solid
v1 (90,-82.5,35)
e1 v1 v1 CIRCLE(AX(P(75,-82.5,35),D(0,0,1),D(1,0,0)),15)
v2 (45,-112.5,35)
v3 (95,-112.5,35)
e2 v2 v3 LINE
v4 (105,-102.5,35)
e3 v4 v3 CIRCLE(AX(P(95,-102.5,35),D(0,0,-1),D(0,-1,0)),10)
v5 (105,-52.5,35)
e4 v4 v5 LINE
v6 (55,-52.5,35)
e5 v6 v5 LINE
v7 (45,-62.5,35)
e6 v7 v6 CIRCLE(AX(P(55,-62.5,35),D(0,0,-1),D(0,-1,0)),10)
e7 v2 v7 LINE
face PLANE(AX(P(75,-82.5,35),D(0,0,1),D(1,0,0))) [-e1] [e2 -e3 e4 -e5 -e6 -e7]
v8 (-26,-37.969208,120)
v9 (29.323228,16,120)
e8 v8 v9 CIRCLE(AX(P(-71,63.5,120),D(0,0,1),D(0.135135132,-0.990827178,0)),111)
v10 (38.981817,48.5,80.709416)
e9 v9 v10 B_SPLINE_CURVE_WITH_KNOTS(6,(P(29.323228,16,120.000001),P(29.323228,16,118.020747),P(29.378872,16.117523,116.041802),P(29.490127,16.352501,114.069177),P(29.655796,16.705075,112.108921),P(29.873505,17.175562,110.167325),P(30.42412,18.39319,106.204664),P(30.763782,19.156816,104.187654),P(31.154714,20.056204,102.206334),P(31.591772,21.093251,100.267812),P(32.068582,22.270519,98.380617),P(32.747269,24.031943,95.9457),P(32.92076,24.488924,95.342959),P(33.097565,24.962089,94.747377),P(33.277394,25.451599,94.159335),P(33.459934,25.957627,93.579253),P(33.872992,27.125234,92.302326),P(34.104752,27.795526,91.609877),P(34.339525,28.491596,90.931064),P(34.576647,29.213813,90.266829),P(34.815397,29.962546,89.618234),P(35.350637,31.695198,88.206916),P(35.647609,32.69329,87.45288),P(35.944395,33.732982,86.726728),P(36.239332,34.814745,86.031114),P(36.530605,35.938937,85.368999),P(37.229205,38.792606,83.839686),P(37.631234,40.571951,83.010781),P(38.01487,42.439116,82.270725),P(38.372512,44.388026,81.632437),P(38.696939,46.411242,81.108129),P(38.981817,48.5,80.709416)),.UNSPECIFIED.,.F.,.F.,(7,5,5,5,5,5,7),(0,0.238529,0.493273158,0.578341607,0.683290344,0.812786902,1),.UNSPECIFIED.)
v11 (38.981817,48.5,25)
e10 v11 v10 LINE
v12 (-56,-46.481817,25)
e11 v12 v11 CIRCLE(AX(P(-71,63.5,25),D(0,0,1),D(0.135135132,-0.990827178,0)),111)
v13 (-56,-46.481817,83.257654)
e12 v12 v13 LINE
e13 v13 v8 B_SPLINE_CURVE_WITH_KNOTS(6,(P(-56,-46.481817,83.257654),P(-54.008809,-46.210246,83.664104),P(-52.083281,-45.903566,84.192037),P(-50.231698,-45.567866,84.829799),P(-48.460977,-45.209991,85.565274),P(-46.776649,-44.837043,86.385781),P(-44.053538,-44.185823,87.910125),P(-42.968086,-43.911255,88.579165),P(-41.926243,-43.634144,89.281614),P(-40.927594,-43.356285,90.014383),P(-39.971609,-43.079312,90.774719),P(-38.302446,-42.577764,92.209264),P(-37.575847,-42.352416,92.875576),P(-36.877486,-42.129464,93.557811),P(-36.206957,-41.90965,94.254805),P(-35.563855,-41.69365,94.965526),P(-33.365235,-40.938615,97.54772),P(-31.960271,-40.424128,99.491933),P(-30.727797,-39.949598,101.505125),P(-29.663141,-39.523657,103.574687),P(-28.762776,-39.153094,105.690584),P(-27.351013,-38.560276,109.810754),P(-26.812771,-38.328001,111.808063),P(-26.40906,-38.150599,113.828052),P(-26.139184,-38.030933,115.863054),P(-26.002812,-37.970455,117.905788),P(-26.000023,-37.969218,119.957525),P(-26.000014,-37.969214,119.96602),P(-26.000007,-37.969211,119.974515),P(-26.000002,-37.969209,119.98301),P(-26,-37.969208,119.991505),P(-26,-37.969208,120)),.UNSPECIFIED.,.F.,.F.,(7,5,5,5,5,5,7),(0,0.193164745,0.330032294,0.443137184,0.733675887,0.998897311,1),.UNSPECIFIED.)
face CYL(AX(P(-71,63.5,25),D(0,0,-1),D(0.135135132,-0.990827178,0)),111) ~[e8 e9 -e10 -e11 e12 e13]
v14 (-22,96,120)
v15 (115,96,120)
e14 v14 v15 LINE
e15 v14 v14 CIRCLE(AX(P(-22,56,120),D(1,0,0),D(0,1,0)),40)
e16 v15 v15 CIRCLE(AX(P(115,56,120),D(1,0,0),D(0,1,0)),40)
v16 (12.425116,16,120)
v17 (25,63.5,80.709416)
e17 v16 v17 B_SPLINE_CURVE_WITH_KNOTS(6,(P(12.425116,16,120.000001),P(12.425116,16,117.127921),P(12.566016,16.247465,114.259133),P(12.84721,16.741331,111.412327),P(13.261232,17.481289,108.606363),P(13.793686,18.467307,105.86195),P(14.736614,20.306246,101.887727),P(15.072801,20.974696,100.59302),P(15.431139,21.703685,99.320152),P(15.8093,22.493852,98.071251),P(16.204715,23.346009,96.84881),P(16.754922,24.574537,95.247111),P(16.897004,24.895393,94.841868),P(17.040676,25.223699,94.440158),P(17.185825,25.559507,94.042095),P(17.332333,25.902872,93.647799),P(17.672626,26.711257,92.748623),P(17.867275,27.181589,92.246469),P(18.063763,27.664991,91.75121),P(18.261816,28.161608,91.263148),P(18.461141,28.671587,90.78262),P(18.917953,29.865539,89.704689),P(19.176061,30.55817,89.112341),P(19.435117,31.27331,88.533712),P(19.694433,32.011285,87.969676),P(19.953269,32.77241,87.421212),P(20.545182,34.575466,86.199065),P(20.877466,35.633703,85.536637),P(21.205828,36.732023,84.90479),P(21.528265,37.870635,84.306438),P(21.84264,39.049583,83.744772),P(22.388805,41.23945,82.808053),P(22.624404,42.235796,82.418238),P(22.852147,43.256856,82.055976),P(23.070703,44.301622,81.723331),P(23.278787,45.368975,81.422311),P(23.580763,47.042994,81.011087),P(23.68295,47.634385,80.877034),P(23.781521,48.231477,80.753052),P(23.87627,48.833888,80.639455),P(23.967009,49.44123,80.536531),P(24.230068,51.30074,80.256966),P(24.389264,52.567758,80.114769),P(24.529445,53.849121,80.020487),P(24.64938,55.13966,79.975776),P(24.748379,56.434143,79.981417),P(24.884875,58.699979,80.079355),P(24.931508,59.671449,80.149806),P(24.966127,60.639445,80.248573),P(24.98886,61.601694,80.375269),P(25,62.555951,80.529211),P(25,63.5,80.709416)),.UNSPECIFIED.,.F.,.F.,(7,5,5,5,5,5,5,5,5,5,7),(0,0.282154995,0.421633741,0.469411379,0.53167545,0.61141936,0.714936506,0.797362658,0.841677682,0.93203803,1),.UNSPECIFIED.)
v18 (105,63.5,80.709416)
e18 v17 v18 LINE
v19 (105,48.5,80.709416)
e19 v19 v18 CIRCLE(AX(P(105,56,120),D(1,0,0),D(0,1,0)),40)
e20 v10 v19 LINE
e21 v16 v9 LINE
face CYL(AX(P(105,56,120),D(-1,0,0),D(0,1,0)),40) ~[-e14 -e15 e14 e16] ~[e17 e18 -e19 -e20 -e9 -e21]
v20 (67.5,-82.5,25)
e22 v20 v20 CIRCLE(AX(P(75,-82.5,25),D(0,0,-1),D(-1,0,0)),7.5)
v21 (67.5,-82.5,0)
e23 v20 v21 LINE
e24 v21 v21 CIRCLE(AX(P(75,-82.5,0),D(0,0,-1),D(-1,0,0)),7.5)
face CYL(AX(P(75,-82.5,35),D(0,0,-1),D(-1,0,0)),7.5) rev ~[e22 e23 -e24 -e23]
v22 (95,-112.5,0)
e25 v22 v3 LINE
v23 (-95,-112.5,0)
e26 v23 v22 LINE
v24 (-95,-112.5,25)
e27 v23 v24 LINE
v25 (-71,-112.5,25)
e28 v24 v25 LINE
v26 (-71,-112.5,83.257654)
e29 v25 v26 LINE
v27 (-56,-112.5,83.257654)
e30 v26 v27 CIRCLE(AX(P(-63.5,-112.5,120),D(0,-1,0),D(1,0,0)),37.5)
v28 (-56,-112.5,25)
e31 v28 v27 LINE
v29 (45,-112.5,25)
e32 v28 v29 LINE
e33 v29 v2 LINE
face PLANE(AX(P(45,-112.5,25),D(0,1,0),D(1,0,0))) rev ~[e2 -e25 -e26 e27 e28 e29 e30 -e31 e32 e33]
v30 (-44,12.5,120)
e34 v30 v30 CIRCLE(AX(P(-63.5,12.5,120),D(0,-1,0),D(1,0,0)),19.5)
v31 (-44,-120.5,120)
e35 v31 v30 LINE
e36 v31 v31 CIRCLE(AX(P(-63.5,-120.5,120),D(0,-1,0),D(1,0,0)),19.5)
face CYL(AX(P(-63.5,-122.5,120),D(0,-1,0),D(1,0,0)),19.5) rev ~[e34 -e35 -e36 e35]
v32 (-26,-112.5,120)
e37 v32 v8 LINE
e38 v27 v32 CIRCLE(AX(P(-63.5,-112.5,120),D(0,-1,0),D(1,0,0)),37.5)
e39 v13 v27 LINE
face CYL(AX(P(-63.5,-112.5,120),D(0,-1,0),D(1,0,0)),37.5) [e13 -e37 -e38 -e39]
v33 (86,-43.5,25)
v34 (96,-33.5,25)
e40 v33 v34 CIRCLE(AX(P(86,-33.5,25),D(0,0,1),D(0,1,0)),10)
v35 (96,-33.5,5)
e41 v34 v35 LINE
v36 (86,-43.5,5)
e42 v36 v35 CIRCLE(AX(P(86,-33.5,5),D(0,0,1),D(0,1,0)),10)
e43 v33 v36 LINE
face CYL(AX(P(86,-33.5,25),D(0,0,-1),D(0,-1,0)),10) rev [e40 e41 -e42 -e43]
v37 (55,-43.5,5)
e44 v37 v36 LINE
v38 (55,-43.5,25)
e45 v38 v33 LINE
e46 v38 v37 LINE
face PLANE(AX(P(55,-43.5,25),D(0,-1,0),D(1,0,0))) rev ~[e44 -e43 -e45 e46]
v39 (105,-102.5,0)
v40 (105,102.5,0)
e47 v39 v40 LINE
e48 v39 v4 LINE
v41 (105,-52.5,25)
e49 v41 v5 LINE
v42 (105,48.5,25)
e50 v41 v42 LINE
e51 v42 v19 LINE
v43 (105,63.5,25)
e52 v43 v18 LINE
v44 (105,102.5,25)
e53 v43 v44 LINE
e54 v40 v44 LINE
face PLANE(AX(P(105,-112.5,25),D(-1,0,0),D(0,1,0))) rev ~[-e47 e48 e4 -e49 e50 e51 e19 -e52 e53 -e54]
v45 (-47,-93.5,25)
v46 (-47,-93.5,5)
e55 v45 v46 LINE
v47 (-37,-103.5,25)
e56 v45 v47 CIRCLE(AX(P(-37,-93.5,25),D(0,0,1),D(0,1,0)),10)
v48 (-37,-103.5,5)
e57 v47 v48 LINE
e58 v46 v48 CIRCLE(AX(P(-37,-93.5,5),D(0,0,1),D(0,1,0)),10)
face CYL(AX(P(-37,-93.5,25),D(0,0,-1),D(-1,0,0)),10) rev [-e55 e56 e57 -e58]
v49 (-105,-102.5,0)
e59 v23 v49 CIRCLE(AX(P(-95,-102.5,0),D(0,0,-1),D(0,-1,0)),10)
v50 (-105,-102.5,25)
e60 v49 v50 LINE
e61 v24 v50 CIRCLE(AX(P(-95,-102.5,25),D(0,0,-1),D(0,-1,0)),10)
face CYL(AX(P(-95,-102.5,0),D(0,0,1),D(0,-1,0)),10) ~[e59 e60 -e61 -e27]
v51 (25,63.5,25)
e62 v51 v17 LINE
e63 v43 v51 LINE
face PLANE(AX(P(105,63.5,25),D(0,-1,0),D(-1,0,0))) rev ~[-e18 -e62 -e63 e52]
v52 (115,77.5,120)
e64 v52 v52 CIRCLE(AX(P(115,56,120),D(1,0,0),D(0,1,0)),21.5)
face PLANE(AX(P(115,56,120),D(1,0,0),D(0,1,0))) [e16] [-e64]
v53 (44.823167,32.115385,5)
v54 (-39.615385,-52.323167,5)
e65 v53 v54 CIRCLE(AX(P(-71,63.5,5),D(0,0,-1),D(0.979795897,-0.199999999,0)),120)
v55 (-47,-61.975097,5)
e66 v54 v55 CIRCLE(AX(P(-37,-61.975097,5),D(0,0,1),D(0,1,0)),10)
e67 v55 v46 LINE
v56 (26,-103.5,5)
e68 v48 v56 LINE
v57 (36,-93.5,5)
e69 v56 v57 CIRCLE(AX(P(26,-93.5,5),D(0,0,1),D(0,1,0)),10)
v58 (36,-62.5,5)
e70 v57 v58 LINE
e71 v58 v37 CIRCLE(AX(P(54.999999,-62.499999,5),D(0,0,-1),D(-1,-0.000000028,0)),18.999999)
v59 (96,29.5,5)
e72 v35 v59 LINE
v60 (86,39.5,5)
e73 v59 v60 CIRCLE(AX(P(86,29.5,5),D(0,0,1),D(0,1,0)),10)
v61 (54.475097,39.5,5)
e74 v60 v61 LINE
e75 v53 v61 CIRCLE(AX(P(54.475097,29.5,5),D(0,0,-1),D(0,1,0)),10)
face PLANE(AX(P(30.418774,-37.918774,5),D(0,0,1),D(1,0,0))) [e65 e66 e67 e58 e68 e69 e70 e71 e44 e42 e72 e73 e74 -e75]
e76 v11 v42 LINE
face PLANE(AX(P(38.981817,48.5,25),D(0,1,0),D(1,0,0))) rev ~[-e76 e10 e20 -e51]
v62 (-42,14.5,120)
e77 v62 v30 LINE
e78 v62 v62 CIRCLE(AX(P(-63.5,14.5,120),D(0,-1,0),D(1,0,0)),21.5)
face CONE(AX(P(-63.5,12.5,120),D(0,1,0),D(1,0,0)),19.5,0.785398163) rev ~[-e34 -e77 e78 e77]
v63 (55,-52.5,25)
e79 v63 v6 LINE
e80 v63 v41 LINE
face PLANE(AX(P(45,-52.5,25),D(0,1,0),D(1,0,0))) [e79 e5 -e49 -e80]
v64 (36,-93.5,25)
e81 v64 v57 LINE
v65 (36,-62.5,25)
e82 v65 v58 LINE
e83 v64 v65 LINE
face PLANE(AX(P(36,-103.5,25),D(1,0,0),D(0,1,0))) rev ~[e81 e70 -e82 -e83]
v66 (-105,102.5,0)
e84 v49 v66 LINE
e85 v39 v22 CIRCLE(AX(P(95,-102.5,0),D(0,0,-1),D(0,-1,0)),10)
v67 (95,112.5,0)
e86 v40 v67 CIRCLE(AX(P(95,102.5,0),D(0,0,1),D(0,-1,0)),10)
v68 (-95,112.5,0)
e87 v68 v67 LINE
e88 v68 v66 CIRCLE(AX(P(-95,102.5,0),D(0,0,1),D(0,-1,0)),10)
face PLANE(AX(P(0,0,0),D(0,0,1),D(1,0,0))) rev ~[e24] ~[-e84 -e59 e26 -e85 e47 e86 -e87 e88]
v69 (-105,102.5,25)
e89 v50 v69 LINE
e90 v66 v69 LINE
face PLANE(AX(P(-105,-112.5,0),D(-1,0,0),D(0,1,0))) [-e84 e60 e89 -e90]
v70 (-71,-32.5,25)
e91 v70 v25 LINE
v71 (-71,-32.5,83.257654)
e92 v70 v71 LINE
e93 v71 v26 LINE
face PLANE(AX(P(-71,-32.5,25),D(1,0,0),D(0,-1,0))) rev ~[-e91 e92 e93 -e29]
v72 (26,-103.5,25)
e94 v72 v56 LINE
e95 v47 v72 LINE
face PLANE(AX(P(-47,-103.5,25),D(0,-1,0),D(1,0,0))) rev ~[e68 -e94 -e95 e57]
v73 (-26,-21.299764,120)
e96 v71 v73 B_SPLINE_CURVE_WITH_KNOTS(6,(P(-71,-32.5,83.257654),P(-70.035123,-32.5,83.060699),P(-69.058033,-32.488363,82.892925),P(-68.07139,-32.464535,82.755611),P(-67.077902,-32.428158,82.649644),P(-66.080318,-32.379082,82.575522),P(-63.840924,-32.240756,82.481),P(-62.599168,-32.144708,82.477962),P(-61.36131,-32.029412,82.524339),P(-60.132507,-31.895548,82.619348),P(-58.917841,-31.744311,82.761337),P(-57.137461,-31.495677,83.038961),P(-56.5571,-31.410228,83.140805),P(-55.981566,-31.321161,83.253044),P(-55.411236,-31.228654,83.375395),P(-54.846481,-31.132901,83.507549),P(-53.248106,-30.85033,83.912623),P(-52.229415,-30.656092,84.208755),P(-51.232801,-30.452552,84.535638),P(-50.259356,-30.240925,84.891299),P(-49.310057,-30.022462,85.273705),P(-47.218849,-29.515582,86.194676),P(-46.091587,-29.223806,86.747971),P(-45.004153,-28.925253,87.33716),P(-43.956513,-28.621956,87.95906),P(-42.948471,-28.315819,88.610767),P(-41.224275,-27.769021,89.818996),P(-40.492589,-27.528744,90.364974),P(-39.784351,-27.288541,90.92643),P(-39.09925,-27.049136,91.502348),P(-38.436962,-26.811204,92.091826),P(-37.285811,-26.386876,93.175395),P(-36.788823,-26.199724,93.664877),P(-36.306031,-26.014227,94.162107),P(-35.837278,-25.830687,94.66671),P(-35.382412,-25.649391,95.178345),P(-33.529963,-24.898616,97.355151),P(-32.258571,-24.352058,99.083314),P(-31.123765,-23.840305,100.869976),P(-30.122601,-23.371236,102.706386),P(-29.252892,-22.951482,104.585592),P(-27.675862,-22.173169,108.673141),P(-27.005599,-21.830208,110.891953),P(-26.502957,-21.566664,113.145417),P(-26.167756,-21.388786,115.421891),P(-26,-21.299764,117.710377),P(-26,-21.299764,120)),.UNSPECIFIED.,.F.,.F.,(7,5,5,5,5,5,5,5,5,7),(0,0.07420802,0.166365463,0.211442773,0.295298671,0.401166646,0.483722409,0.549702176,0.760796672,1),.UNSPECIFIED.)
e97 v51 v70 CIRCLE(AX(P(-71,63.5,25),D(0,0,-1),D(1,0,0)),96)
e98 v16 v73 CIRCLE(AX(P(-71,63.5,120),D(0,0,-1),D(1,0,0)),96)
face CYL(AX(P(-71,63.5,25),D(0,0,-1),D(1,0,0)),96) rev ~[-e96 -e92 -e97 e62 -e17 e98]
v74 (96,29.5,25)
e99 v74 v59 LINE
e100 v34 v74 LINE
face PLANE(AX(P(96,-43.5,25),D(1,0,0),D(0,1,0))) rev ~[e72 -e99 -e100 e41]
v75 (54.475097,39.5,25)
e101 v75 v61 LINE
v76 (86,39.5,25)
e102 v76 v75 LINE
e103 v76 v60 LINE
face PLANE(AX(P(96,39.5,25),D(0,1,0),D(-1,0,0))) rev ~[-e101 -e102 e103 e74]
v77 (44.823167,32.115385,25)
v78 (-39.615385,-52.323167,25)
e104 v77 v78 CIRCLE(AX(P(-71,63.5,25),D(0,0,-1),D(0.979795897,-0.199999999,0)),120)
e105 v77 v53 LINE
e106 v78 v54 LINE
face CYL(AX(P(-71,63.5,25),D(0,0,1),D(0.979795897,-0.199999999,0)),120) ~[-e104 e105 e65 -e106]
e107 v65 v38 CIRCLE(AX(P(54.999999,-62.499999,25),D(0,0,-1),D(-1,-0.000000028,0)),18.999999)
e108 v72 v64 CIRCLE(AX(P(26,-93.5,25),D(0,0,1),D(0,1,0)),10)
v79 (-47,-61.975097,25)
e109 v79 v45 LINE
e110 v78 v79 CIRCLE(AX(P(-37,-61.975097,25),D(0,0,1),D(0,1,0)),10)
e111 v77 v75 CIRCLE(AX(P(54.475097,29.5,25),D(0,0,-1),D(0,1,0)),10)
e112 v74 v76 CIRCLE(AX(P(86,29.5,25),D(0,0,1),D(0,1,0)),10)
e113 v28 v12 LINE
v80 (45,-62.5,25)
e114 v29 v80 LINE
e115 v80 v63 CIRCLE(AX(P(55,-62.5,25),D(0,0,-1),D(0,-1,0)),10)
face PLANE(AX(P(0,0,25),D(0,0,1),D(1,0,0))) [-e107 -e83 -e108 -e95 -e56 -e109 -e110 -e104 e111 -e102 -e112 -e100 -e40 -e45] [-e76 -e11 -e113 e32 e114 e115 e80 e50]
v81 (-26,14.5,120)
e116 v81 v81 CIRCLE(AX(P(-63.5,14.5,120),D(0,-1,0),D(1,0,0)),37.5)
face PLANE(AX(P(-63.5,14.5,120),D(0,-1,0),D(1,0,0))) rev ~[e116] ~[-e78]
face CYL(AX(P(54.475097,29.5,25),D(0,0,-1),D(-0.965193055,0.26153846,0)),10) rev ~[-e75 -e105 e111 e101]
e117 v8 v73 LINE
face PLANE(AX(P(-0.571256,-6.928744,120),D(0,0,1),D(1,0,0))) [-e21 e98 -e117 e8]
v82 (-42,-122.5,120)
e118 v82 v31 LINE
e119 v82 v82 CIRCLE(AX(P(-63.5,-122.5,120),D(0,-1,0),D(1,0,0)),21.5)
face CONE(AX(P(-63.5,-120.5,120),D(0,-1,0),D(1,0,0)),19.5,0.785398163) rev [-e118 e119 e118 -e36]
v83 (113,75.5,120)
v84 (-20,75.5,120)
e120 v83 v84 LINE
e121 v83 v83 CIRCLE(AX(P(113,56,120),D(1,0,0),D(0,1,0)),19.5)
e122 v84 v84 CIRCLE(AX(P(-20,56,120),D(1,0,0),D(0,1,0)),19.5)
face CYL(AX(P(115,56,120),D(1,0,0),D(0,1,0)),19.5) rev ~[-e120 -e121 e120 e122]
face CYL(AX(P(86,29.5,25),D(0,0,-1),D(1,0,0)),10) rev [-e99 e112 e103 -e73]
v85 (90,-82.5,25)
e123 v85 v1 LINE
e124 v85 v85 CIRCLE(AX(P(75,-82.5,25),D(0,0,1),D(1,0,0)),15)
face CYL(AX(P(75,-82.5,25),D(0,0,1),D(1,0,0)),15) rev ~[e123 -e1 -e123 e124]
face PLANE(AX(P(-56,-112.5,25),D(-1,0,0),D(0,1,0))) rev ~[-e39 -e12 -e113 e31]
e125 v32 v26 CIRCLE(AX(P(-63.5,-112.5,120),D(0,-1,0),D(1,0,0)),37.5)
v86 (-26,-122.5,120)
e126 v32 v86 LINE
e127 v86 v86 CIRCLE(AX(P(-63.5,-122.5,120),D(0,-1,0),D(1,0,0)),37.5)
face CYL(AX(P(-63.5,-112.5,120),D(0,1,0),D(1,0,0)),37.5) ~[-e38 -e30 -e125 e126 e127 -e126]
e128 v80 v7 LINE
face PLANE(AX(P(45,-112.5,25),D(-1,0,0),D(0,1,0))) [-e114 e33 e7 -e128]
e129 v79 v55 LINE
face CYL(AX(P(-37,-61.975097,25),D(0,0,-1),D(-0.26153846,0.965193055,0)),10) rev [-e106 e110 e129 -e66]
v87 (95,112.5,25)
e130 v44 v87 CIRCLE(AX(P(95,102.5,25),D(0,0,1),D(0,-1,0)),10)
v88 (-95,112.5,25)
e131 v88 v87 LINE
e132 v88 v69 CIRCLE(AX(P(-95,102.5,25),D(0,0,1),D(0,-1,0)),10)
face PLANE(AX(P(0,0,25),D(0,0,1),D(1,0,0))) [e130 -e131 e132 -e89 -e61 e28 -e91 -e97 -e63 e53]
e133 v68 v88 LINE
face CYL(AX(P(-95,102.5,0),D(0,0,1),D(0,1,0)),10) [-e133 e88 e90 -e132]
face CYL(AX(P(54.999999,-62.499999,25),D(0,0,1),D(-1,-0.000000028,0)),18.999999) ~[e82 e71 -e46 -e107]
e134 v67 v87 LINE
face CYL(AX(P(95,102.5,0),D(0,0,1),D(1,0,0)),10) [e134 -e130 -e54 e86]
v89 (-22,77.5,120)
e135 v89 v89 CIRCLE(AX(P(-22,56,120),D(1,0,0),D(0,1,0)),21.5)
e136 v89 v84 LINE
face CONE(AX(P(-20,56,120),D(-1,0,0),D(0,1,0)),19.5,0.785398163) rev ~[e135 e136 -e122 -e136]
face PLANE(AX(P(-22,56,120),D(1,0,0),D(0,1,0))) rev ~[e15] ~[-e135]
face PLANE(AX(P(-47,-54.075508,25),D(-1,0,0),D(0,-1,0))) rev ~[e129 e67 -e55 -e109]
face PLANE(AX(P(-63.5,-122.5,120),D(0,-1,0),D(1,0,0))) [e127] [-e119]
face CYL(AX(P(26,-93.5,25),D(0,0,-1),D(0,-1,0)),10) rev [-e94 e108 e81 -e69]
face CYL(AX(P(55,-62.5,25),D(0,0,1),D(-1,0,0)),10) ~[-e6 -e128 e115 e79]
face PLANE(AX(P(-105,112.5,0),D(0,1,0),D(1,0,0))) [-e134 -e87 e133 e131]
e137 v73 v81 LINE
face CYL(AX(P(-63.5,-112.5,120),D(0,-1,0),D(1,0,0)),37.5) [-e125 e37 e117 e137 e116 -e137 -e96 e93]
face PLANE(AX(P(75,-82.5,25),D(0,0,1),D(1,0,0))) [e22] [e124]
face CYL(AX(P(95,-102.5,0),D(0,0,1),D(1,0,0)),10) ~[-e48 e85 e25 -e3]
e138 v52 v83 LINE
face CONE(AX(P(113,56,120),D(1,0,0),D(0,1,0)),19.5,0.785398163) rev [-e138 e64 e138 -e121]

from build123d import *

# Parameters (mm, degrees)
F0_W            = 210
F0_H            = 225
F1_DEPTH        = 25
F3_DEPTH        = 95
F4_R            = 37.5
F5_DEPTH        = 10
F5_DEPTH_BACK   = 127
F6_R            = 40
F7_DEPTH        = 10
F7_DEPTH_BACK   = 127
F8_W            = 60
F8_H            = 60
F9_DEPTH        = 10
F10_R           = 10
F12_DEPTH       = 20
F14_D           = 15
F14_CBORE_D     = 30
F14_CBORE_DEPTH = 10
F15_R           = 10
F16_R           = 19.5
F17_DEPTH       = 235.001
F18_R           = 19.5
F19_DEPTH       = 220.001
F20_SIZE        = 2
F21_R           = 10


with BuildPart() as f1:
    # F0 (on Top) → F1 (new body)
    with BuildSketch(Plane.XY):
        Rectangle(F0_W, F0_H)
    extrude(amount=F1_DEPTH)

    # F2 (on face) → F3 (join)
    with BuildSketch(Plane.XY.offset(25)):
        with BuildLine():
            Line((-71, -32.5), (-71, -112.5))
            Line((-71, -112.5), (-56, -112.5))
            Line((-56, -112.5), (-56, -46.481817))
            ThreePointArc((-56, -46.481817), (7.488853, -14.988853), (38.981817, 48.5))
            Line((38.981817, 48.5), (105, 48.5))
            Line((105, 48.5), (105, 63.5))
            Line((105, 63.5), (25, 63.5))
            ThreePointArc((25, 63.5), (-3.117749, -4.382251), (-71, -32.5))
        make_face()
    extrude(amount=F3_DEPTH)

    # F4 (on face) → F5 (join, two sides)
    with BuildSketch(Plane.XZ.offset(112.5)) as f5_sk:
        with Locations((-63.5, 120)):
            Circle(F4_R)
    extrude(amount=F5_DEPTH)
    extrude(f5_sk.sketch, amount=-F5_DEPTH_BACK)

    # F6 (on face) → F7 (join, two sides)
    with BuildSketch(Plane.YZ.offset(105)) as f7_sk:
        with Locations((56, 120)):
            Circle(F6_R)
    extrude(amount=F7_DEPTH)
    extrude(f7_sk.sketch, amount=-F7_DEPTH_BACK)

    # F8 (on face) → F9 (join)
    with BuildSketch(Plane.XY.offset(25)):
        with Locations((75, -82.5)):
            Rectangle(F8_W, F8_H)
    extrude(amount=F9_DEPTH)

    # F10
    f10_edges = [f1.edges().sort_by_distance(p)[0] for p in [
        (45, -52.5, 30),
    ]]
    fillet(f10_edges, radius=F10_R)

    # F11 (on face) → F12 (cut)
    with BuildSketch(Plane.XY.offset(25)):
        with BuildLine():
            ThreePointArc((46.575508, 39.5), (13.852814, -21.352814), (-47, -54.075508))
            Line((-47, -54.075508), (-47, -103.5))
            Line((-47, -103.5), (36, -103.5))
            Line((36, -103.5), (36, -62.5))
            ThreePointArc((36, -62.5), (41.564971, -49.064971), (55, -43.5))
            Line((55, -43.5), (96, -43.5))
            Line((96, -43.5), (96, 39.5))
            Line((96, 39.5), (46.575508, 39.5))
        make_face()
    extrude(amount=-F12_DEPTH, mode=Mode.SUBTRACT)

    # F14 (through all)
    with Locations(Plane.XY.offset(35)):
        with Locations((75, -82.5)):
            CounterBoreHole(F14_D / 2, F14_CBORE_D / 2, F14_CBORE_DEPTH)

    # F15
    f15_edges = [f1.edges().sort_by_distance(p)[0] for p in [
        (-47, -54.075508, 15),
        (46.575508, 39.5, 15),
        (-47, -103.5, 15),
        (96, 39.5, 15),
        (96, -43.5, 15),
        (36, -103.5, 15),
    ]]
    fillet(f15_edges, radius=F15_R)

    # F16 (on face) → F17 (cut, through all)
    with BuildSketch(Plane.XZ.offset(122.5)):
        with Locations((-63.5, 120)):
            Circle(F16_R)
    extrude(amount=-F17_DEPTH, mode=Mode.SUBTRACT)

    # F18 (on face) → F19 (cut, through all)
    with BuildSketch(Plane.YZ.offset(115)):
        with Locations((56, 120)):
            Circle(F18_R)
    extrude(amount=-F19_DEPTH, mode=Mode.SUBTRACT)

    # F20
    f20_edges = [f1.edges().sort_by_distance(p)[0] for p in [
        (-83, -122.5, 120),
        (115, 36.5, 120),
        (-22, 36.5, 120),
        (-83, 14.5, 120),
    ]]
    chamfer(f20_edges, length=F20_SIZE)

    # F21
    f21_edges = [f1.edges().sort_by_distance(p)[0] for p in [
        (-105, -112.5, 12.5),
        (105, -112.5, 17.5),
        (105, 112.5, 12.5),
        (-105, 112.5, 12.5),
    ]]
    fillet(f21_edges, radius=F21_R)


solid = f1.part
